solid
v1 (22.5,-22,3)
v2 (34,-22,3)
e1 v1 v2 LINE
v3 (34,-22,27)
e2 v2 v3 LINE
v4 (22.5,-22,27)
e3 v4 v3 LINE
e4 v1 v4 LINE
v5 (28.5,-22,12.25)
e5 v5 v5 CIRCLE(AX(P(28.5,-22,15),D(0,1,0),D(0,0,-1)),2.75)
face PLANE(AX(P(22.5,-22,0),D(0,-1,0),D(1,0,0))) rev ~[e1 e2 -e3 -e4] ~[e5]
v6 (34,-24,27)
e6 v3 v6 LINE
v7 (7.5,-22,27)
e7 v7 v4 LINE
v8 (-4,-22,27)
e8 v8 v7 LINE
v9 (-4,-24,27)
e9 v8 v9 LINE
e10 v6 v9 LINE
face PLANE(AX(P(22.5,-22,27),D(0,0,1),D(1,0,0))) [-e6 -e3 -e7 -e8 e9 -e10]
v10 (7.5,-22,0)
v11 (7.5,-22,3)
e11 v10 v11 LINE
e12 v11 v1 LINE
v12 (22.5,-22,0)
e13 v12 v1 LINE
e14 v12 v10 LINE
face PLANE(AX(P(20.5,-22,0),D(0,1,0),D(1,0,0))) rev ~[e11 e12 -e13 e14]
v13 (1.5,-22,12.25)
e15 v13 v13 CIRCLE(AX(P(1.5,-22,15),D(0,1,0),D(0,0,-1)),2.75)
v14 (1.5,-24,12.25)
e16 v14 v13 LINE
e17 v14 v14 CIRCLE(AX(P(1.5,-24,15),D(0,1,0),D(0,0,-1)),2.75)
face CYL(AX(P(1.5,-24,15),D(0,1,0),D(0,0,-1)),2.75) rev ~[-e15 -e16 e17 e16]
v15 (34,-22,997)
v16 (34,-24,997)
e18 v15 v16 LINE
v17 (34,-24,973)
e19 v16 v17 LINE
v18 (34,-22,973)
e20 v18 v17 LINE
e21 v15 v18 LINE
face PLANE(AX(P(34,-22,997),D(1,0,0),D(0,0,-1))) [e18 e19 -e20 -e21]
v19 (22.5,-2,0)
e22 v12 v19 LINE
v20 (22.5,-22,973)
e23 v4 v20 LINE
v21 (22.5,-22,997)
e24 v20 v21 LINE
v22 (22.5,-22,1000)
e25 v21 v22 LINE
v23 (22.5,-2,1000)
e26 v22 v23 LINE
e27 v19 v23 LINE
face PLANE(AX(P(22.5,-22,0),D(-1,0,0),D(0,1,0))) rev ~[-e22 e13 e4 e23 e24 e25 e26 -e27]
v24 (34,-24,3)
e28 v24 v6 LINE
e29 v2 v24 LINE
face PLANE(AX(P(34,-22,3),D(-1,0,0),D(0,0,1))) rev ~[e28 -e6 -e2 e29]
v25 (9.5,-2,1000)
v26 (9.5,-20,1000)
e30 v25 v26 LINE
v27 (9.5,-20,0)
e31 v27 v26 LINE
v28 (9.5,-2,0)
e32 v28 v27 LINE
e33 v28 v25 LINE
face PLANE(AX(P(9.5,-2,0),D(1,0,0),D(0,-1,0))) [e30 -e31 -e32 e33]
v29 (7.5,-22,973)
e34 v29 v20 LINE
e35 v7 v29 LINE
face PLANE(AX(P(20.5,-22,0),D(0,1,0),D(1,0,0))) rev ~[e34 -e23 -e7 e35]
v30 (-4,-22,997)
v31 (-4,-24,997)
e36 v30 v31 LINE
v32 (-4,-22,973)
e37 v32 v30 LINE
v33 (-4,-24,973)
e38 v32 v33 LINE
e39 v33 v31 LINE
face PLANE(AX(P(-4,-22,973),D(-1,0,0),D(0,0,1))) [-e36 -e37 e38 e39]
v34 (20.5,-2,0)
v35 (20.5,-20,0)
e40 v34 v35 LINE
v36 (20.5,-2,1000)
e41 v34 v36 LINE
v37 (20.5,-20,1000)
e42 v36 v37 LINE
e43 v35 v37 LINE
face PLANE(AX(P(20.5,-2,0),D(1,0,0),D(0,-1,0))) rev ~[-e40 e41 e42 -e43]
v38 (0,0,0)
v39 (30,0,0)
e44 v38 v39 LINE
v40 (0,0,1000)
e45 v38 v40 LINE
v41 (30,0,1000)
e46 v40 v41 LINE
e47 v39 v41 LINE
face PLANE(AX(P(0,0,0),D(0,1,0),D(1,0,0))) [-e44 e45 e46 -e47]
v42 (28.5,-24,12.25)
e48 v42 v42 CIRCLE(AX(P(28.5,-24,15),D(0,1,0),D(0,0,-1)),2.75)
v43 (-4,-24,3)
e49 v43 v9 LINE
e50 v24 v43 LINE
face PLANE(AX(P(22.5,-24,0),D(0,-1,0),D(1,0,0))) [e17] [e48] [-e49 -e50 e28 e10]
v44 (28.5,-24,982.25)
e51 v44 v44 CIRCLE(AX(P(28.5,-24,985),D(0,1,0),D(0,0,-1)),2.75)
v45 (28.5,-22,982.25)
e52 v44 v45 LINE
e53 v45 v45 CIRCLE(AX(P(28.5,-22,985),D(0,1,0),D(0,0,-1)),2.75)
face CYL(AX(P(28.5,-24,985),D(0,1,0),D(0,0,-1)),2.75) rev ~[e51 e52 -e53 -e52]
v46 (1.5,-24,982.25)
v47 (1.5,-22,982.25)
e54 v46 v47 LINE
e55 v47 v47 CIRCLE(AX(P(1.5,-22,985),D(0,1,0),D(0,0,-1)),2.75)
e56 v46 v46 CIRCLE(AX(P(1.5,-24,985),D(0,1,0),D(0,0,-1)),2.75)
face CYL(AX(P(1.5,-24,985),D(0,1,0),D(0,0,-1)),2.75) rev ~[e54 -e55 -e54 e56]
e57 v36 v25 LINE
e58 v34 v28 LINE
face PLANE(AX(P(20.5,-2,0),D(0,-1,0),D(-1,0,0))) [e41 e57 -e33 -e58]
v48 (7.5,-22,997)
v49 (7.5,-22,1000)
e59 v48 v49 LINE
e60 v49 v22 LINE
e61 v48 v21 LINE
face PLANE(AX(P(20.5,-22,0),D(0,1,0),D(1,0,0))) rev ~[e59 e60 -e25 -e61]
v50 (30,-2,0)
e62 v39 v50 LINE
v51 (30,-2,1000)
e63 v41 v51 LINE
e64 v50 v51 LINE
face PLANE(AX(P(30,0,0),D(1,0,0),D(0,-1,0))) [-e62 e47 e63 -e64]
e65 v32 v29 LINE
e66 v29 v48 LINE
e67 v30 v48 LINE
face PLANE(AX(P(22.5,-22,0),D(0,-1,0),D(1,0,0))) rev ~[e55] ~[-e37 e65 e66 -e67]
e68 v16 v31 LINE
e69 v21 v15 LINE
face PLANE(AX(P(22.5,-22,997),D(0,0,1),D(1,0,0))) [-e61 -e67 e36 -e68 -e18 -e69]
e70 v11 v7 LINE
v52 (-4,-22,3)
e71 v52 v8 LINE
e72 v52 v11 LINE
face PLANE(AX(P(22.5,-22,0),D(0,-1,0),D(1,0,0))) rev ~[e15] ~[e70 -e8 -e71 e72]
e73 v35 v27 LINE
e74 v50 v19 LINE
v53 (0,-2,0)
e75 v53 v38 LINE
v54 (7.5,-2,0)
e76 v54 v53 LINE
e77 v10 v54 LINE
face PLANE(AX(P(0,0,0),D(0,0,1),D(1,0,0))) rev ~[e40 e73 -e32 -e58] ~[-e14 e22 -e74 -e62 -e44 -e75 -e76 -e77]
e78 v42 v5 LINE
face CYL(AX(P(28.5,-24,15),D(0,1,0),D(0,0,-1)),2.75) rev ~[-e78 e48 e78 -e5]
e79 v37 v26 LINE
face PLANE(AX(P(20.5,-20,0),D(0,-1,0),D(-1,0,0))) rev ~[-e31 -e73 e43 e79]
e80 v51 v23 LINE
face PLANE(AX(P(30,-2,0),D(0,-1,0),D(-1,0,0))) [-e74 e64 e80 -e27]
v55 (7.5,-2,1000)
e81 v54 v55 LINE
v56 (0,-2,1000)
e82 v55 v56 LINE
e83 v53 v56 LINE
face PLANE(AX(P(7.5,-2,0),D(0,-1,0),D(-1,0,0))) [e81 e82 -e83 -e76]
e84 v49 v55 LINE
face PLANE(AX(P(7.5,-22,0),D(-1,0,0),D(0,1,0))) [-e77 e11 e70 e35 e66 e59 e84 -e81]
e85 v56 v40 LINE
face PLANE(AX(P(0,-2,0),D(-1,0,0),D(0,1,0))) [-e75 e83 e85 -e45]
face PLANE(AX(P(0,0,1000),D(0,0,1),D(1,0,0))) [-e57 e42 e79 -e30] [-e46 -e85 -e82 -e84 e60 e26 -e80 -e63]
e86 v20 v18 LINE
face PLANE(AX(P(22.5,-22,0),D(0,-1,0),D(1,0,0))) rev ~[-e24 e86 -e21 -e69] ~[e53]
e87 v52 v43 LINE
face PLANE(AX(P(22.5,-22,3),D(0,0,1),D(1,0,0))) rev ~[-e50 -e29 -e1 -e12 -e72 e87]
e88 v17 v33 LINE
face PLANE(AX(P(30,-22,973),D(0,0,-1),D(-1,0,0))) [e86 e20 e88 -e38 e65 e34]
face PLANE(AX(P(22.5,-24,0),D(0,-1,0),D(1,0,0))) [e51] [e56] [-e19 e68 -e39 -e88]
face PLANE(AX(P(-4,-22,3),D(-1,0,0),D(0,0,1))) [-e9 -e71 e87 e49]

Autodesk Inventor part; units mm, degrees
ref_plane "YZ Plane" through (0, 0, 0) normal (1, 0, 0) x (0, 1, 0)
ref_plane "XZ Plane" through (0, 0, 0) normal (0, 1, 0) x (-1, 0, 0)
ref_plane "XY Plane" through (0, 0, 0) normal (0, 0, 1) x (1, 0, 0)
sketch "Skizze1" plane through (0, 0, 0) normal (0, 0, 1) x (1, 0, 0)
  line L0 (0, 0) -> (30, 0)
  line L1 (30, 0) -> (30, -2)
  line L2 (30, -2) -> (0, -2)
  line L3 (0, -2) -> (0, 0)
  line L4 (7.5, -2) -> (9.5, -2)
  line L5 (9.5, -2) -> (9.5, -22)
  line L6 (9.5, -22) -> (7.5, -22)
  line L7 (7.5, -22) -> (7.5, -2)
  line L8 (9.5, -22) -> (20.5, -22)
  line L9 (20.5, -22) -> (20.5, -20)
  line L10 (20.5, -20) -> (9.5, -20)
  line L11 (9.5, -20) -> (9.5, -22)
  line L12 (20.5, -22) -> (22.5, -22)
  line L13 (22.5, -22) -> (22.5, -2)
  line L14 (22.5, -2) -> (20.5, -2)
  line L15 (20.5, -2) -> (20.5, -22)
  line L16 (15, -20) -> (15, -2) construction
  point P0 (20.5, -2)
  point P1 (9.5, -2)
  dimension "d0" = 30
  dimension "d1" = 2
  dimension "d2" = 2
  dimension "d3" = 20
  dimension "d4" = 11
  dimension "d5" = 2
  dimension "d6" = 2
  dimension "d7" = 7.5
  dimension "d8" = 20.5
  dimension "d9" = 20
  dimension "d12" = 7.5
extrude "Extrusion1" add sketch "Skizze1" along normal blind 1000 contours L0 L1 L2 L3 | L2 L5 L6 L7 | L13 L12 L9 L15 L2 | L10 L9 L8 L5
sketch "Skizze2" plane through (22.5, -22, 0) normal (0, -1, 0) x (1, 0, 0)
  line L0 (7.5, 0) -> (7.5, 1000) projected
  line L1 (-26.5, 3) -> (11.5, 3)
  line L2 (11.5, 3) -> (11.5, 27)
  line L3 (-22.5, 0) -> (-22.5, 1000) projected
  line L4 (-26.5, 3) -> (-26.5, 27)
  line L5 (-26.5, 27) -> (11.5, 27)
  line L6 (-15, 0) -> (0, 0) projected
  line L7 (-26.5, 997) -> (11.5, 997)
  line L8 (11.5, 997) -> (11.5, 973)
  line L9 (11.5, 973) -> (-26.5, 973)
  line L10 (-26.5, 973) -> (-26.5, 997)
  line L11 (-15, 1000) -> (0, 1000) projected
  line L12 (0, 0) -> (0, 1000) projected
  line L13 (-15, 0) -> (-15, 1000) projected
  line L14 (-13, 0) -> (-13, 1000) projected
  point P0 (7.5, 3)
  point P1 (7.5, 27)
  dimension "d13" = 24
  dimension "d21" = 4
  dimension "d22" = 4
  dimension "d24" = 24
  dimension "d25" = 4
  dimension "d26" = 4
  dimension "d46" = 3
  dimension "d47" = 3
extrude "Extrusion2" add sketch "Skizze2" along normal blind 2 contours L1 L12 L5 L0 | L0 L5 L2 L1 | L1 L14 L5 L12 | L9 L12 L7 L0 | L0 L7 L8 L9 | L1 L13 L5 L14 | L9 L14 L7 L12 | L1 L3 L5 L13 | L9 L13 L7 L14 | L1 L4 L5 L3 | L9 L3 L7 L13 | L9 L10 L7 L3
sketch "Skizze3" plane through (22.5, -24, 0) normal (0, -1, 0) x (1, 0, 0)
  line L0 (-21, 15) -> (6, 15)
  line L1 (-15, 997) -> (-15, 1000) projected
  line L2 (-15, 0) -> (-15, 1000) projected
  line L3 (0, 0) -> (0, 1000) projected
  line L4 (0, 0) -> (0, 3) projected
  line L5 (6, 985) -> (-21, 985)
  line L6 (0, 27) -> (0, 973) projected
  line L7 (0, 3) -> (0, 27) projected
  line L8 (-15, 0) -> (-15, 3) projected
  line L9 (-15, 27) -> (-15, 973) projected
  line L10 (0, 997) -> (0, 1000) projected
  line L11 (0, 973) -> (0, 997) projected
  line L12 (-15, 3) -> (-15, 27) projected
  line L13 (-15, 973) -> (-15, 997) projected
  dimension "d19" = 6
  dimension "d23" = 15
  dimension "d27" = 6
  dimension "d28" = 6
  dimension "d48" = 15
hole "Bohrung1" at (1.5, -24, 15) at (28.5, -24, 15) at (1.5, -24, 985) at (28.5, -24, 985) direction (0, 1, 0) diameter 5.5 depth 2 clearance for "Flachkopfmaschinenschraube" size "M5" standard "ANSI Metrisches M Profil"
properties part number "TrägerUI" material "Aluminium 6061, Katze"
